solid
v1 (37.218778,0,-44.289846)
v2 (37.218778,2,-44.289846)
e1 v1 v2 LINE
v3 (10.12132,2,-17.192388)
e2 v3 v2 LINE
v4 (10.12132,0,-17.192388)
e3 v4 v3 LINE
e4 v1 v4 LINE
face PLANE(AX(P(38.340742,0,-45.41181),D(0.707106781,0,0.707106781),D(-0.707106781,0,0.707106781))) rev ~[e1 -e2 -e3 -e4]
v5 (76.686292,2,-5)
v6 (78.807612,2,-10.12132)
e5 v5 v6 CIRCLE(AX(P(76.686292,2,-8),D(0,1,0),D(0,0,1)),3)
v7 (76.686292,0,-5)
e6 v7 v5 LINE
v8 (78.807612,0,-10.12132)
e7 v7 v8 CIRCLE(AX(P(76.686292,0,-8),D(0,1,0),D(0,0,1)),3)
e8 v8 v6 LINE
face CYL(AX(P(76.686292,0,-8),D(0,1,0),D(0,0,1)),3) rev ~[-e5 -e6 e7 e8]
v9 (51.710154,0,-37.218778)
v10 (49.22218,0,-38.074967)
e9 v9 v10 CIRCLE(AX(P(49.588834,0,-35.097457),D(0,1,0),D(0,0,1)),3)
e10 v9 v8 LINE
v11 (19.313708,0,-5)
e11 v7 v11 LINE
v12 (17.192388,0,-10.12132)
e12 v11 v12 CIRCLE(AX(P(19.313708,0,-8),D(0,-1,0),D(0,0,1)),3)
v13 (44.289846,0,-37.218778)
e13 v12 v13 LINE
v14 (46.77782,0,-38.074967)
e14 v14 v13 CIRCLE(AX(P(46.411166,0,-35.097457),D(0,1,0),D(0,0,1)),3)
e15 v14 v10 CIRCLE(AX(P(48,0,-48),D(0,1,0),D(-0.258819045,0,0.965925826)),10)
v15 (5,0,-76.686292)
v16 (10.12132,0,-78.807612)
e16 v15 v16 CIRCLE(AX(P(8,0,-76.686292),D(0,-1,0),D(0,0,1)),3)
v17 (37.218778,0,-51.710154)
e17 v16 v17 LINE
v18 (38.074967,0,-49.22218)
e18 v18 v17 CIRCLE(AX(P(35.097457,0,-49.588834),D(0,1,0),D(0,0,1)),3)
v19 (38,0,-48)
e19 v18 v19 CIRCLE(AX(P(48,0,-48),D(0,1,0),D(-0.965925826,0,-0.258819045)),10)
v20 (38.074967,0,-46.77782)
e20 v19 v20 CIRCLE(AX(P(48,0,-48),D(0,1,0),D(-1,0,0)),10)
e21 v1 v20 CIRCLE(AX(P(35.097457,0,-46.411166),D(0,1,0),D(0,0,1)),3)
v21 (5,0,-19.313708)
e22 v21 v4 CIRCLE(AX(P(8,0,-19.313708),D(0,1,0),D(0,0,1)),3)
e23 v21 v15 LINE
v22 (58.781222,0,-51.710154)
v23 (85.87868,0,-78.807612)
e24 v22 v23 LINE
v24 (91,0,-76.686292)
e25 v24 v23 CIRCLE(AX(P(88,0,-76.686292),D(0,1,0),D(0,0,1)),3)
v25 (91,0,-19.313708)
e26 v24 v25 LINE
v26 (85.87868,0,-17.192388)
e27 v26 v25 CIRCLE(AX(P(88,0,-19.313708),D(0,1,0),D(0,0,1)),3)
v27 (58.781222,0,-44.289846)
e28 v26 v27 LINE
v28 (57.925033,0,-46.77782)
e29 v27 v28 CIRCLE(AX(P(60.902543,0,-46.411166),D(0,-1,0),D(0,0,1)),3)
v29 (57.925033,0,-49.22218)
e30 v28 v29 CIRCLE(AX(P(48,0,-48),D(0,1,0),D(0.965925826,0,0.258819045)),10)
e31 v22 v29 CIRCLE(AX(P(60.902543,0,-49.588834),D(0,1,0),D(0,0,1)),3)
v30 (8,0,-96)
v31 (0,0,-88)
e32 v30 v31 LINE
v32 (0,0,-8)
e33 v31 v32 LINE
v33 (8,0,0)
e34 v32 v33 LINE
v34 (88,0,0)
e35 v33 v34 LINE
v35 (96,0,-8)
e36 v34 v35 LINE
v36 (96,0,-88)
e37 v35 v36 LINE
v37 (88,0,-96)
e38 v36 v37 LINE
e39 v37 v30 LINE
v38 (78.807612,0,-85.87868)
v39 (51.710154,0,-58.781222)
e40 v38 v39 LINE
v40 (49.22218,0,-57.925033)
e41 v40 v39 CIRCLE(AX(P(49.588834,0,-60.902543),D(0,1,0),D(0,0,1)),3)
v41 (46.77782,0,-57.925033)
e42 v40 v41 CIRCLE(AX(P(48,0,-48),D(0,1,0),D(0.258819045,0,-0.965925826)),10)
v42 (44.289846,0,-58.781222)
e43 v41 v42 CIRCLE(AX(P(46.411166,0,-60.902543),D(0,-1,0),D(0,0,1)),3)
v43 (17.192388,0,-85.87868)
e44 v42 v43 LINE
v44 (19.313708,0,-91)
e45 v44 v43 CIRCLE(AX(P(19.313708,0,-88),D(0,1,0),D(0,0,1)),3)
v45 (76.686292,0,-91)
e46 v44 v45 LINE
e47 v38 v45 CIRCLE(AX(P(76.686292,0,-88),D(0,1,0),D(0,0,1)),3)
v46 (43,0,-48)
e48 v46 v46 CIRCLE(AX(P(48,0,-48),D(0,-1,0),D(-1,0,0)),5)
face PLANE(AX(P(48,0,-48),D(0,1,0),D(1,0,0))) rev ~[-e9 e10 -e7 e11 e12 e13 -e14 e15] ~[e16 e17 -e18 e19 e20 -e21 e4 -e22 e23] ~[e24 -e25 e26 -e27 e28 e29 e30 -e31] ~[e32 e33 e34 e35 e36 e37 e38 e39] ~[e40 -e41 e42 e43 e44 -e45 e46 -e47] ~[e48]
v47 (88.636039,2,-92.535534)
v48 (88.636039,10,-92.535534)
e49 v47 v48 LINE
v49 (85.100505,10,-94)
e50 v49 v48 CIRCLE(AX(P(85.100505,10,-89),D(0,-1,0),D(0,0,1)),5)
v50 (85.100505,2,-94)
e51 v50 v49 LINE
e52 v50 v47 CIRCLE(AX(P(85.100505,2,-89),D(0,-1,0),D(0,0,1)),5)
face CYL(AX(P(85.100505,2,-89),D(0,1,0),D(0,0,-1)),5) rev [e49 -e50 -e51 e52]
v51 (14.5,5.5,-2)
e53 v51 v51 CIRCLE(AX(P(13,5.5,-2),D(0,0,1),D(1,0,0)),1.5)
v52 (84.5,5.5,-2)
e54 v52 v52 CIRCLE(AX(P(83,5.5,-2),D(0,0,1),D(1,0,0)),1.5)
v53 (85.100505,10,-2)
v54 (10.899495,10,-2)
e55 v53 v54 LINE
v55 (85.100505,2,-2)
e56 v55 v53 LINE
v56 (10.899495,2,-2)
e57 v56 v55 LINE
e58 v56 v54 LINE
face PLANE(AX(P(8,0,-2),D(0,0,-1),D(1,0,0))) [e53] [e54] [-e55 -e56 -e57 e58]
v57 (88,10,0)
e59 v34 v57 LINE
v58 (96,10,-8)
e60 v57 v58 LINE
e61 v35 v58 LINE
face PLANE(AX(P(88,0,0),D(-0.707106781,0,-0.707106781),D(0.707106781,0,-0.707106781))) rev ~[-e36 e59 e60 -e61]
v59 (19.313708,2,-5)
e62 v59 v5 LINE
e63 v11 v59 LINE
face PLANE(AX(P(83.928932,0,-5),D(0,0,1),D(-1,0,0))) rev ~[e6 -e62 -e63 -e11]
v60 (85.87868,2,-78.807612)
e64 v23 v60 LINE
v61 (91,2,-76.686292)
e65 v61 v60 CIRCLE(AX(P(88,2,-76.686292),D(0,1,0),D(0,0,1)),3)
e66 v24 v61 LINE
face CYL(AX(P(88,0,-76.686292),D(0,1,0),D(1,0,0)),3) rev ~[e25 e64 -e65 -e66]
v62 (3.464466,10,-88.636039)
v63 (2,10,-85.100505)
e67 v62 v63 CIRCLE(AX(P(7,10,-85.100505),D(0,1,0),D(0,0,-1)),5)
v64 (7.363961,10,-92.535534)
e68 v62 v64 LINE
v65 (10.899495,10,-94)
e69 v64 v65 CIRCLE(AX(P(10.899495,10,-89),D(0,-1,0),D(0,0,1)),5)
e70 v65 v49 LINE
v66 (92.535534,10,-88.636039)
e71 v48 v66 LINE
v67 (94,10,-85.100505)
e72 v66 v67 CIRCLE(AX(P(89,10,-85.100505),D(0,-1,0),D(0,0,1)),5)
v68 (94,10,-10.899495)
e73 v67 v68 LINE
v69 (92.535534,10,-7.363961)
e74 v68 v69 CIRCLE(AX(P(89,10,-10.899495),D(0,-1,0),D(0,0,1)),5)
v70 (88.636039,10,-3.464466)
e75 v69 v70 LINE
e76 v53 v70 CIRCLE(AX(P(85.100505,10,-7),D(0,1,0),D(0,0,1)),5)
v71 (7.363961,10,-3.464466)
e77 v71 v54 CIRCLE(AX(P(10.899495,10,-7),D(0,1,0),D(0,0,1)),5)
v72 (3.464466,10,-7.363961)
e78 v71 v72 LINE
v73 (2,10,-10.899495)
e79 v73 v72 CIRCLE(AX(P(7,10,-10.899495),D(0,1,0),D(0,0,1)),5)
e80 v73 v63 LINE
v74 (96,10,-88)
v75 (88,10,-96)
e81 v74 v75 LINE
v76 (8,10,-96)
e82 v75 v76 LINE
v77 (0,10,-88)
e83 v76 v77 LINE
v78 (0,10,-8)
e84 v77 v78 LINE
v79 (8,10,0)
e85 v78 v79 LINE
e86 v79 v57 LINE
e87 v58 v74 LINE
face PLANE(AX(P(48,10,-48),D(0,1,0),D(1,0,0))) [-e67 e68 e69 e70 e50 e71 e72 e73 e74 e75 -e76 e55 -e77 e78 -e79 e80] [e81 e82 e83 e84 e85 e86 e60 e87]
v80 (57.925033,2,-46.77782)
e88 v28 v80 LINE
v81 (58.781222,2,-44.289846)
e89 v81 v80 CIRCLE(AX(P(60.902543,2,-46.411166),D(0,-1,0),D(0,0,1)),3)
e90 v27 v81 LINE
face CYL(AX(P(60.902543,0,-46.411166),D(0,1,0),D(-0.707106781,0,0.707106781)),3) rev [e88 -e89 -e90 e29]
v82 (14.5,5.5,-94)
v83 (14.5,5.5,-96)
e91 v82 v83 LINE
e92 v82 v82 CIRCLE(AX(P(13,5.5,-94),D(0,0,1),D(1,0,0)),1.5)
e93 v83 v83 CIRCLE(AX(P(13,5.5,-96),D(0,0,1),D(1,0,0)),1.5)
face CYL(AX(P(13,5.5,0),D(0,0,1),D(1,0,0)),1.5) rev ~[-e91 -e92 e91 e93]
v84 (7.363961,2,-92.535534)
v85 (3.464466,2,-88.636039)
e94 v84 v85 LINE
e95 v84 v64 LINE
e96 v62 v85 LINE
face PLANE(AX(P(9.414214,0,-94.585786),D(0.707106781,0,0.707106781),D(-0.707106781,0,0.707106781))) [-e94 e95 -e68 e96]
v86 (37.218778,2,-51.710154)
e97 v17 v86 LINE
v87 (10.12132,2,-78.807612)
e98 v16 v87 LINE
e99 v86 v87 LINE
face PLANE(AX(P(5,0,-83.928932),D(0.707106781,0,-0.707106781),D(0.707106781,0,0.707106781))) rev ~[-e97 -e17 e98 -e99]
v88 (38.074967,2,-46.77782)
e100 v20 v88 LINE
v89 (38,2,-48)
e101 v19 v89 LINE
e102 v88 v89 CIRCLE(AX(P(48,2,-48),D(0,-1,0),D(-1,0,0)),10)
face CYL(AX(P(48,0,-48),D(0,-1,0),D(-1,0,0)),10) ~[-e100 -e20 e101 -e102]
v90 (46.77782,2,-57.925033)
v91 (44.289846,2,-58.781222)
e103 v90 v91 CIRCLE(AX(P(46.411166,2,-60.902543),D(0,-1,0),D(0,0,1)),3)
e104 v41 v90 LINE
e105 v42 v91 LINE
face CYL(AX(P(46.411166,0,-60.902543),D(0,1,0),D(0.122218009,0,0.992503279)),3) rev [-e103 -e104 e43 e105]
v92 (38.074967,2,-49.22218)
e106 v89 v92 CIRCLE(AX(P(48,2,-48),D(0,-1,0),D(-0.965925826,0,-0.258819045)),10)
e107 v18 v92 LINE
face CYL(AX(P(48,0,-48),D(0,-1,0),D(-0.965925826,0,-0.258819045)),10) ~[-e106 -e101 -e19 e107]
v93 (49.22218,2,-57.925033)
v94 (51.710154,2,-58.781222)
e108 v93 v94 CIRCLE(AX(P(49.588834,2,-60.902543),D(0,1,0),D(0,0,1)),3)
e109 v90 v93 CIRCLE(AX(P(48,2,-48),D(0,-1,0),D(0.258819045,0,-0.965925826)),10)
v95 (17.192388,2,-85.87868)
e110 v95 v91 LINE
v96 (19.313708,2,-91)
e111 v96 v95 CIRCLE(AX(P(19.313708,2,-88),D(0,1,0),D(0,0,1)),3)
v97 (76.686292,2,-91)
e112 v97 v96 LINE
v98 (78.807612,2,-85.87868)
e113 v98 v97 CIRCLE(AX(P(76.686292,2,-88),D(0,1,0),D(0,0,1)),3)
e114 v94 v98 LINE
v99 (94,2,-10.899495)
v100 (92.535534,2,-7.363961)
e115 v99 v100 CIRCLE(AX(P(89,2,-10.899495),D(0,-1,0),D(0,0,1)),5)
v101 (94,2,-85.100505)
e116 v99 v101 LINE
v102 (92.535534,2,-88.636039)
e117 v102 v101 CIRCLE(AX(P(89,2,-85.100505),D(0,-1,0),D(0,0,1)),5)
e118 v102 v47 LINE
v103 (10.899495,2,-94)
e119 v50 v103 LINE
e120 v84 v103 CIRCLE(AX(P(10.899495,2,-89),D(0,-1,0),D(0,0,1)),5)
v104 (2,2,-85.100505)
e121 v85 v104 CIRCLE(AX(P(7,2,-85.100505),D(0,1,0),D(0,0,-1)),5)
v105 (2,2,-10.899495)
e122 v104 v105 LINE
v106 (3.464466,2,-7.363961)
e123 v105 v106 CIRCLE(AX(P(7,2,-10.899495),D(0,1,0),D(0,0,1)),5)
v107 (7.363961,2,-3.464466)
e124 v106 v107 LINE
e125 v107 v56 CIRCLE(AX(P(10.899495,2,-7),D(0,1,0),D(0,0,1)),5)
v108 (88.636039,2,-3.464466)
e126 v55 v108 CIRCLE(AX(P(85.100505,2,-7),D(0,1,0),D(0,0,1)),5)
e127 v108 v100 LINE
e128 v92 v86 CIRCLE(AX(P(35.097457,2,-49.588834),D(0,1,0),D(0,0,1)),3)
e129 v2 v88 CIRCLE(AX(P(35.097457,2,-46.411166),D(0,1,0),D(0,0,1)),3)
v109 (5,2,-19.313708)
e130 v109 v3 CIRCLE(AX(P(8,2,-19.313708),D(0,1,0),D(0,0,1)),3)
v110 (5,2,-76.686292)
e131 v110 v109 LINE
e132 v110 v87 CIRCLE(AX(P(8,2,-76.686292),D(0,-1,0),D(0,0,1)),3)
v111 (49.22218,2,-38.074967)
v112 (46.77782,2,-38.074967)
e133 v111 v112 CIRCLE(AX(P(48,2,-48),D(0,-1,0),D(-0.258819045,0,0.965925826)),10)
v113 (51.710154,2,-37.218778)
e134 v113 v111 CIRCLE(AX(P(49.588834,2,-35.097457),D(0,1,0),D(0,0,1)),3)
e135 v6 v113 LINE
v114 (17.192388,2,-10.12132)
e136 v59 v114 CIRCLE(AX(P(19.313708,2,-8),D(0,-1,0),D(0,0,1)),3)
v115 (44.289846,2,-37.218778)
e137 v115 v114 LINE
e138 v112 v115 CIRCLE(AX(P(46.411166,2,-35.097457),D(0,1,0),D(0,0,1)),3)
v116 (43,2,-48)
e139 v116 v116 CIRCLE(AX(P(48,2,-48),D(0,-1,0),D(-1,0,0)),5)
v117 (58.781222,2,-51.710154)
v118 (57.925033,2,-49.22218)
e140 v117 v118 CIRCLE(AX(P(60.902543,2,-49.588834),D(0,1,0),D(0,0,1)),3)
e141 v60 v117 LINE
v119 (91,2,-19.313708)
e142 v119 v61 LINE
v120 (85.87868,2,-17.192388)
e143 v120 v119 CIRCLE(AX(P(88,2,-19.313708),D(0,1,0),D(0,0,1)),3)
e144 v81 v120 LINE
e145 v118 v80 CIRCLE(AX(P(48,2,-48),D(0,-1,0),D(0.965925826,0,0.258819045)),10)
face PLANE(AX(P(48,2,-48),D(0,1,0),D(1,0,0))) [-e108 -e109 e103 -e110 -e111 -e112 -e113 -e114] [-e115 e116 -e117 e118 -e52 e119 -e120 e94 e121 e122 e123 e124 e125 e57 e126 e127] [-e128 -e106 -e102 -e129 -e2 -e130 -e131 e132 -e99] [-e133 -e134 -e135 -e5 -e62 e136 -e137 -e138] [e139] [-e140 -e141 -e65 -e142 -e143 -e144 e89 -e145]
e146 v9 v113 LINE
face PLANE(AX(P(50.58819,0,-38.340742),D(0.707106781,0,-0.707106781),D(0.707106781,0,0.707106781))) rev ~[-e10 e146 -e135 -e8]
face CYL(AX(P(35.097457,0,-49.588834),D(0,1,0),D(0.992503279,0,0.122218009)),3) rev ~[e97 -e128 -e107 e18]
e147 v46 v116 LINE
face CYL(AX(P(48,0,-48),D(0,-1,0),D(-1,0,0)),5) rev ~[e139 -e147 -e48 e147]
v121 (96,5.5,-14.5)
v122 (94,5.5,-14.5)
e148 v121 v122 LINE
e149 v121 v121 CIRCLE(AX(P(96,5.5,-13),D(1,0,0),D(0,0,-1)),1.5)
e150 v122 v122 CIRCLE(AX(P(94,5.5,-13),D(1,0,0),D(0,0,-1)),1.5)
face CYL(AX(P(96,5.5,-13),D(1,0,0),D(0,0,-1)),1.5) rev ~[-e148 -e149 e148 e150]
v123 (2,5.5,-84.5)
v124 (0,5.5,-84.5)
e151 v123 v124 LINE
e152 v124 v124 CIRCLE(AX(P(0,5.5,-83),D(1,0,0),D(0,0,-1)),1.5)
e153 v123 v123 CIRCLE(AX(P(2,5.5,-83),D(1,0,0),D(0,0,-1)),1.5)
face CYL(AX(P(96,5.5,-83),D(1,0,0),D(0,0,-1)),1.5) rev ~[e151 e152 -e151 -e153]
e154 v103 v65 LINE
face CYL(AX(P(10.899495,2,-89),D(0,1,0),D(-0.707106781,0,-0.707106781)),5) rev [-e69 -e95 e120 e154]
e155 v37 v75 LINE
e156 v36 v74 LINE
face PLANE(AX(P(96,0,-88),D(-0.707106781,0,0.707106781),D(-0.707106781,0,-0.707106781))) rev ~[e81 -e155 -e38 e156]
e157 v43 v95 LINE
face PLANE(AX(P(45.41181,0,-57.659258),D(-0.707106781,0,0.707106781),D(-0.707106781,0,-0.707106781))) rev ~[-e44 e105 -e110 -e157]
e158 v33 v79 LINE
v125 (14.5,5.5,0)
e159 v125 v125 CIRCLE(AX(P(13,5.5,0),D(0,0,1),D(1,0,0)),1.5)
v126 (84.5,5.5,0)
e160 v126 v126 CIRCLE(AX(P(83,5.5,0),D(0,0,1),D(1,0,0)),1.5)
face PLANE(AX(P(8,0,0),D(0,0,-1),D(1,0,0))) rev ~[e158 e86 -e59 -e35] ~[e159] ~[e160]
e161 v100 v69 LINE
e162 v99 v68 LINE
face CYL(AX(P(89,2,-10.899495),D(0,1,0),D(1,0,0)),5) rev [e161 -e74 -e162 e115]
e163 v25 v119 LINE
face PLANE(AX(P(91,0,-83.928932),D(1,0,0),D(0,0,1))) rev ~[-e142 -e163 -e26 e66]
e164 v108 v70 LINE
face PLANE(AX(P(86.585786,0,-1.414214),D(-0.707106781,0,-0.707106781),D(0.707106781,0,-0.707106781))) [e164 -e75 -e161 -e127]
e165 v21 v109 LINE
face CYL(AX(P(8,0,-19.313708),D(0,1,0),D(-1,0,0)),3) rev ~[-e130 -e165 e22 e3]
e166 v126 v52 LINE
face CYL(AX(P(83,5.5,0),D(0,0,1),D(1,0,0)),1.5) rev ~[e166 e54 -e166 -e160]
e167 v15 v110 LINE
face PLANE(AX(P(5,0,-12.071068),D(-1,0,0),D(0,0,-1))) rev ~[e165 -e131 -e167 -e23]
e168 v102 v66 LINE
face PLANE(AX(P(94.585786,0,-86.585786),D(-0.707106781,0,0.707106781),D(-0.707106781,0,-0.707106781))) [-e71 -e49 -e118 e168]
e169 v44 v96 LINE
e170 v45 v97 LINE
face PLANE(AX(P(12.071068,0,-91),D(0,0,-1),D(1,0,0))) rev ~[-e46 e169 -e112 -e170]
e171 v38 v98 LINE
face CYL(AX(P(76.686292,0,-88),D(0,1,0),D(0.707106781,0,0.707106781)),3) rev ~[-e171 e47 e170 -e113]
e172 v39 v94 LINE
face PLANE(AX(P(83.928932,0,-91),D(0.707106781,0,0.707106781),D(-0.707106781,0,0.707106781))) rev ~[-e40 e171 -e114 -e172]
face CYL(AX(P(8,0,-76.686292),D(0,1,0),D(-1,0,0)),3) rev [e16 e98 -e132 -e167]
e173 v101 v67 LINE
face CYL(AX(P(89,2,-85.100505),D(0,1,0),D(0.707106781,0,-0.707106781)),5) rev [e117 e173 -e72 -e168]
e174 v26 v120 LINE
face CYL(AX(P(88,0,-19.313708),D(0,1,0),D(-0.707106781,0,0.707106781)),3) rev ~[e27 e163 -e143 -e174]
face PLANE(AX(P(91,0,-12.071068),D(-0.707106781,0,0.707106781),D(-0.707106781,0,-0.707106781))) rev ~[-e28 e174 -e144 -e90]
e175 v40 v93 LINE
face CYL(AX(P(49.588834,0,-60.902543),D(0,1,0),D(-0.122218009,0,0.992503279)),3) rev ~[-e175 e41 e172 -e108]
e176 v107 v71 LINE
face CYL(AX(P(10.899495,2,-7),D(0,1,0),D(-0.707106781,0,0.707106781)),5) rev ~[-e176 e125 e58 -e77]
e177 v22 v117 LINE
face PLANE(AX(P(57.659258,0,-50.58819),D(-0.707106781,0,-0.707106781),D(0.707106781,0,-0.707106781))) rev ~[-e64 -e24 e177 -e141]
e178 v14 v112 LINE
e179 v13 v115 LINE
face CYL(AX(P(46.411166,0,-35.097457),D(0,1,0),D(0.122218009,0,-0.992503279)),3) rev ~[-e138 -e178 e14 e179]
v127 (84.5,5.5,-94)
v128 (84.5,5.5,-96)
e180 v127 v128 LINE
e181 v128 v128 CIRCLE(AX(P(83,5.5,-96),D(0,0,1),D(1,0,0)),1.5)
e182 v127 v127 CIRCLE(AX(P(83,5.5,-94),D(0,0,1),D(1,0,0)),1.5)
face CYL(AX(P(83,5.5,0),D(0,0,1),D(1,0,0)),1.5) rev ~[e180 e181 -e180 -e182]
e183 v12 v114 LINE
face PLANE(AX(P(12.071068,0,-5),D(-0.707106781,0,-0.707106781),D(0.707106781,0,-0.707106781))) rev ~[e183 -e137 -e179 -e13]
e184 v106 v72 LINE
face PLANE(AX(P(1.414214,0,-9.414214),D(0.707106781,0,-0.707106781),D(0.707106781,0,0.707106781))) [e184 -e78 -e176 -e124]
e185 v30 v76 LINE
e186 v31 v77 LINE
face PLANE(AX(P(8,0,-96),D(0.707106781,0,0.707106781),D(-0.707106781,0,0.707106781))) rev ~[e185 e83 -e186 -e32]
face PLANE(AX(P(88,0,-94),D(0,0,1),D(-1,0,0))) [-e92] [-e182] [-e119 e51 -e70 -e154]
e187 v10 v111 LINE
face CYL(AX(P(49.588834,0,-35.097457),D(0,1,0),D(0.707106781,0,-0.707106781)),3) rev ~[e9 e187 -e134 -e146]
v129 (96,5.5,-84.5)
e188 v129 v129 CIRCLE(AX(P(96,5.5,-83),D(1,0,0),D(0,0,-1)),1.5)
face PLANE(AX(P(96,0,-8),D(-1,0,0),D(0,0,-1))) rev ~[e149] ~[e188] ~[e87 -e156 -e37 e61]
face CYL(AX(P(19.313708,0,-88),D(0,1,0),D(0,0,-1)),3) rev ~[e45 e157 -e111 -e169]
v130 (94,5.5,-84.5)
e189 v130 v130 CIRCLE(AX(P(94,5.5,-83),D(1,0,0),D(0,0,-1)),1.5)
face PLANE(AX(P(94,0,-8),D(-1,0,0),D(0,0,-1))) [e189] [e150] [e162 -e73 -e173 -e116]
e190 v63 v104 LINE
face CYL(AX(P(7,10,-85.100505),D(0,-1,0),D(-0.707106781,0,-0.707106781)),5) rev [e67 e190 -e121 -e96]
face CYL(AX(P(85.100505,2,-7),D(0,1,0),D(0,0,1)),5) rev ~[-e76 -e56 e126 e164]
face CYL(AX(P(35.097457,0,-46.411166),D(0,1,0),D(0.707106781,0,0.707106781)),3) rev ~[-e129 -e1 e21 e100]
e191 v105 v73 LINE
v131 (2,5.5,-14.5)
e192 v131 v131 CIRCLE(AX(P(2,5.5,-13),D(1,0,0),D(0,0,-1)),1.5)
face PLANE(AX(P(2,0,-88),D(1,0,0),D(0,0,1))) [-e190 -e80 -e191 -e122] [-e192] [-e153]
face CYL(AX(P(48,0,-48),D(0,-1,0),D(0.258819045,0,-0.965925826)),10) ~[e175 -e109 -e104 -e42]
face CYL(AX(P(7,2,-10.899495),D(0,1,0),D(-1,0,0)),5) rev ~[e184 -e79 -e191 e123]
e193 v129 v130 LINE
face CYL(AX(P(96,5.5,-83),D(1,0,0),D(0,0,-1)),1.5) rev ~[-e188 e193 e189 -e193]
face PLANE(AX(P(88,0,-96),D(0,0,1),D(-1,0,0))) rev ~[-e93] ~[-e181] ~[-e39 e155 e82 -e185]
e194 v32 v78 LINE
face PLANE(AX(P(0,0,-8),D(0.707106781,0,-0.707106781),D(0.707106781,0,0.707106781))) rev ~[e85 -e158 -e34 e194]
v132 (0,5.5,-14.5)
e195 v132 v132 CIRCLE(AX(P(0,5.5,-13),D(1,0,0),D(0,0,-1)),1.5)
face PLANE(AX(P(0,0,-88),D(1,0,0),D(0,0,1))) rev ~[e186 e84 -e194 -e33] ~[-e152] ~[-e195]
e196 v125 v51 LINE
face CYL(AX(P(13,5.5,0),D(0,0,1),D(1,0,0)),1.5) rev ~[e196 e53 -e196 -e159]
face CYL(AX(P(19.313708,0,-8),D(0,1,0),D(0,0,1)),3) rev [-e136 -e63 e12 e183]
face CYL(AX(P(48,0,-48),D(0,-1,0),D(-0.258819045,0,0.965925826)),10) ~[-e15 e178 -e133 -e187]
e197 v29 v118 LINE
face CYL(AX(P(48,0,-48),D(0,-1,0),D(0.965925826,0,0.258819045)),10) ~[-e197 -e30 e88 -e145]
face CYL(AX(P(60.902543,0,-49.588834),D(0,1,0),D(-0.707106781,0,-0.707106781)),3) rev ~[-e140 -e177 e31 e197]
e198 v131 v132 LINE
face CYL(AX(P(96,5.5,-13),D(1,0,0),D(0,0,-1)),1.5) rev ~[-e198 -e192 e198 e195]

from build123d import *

# Parameters (mm, degrees)
BOSS_EXTRUDE1_DEPTH = 10
SHELL1_T            = -2
SKETCH2_R           = 5
CUT_EXTRUDE1_DEPTH  = 11
FILLET1_R           = 3
SKETCH3_R           = 1.5
CUT_EXTRUDE2_DEPTH  = 97
SKETCH4_R           = 1.5
CUT_EXTRUDE3_DEPTH  = 97
FILLET2_R           = 5


with BuildPart() as part:
    # Sketch1 → Boss-Extrude1 (new body)
    with BuildSketch(Plane(origin=(0, 0, 0), x_dir=(1, 0, 0), z_dir=(0, 1, 0))):
        Polygon((0, 88), (0, 8), (8, 0), (88, 0), (96, 8), (96, 88), (88, 96), (8, 96), align=None)
    extrude(amount=BOSS_EXTRUDE1_DEPTH)

    # Shell1
    shell1_openings = [part.faces().sort_by_distance(p)[0] for p in [
        (48, 10, -48),
    ]]
    offset(amount=SHELL1_T, openings=shell1_openings, kind=Kind.INTERSECTION)

    # Sketch2 → Cut-Extrude1 (cut, through all)
    with BuildSketch(Plane(origin=(0, 0, 0), x_dir=(-1, 0, 0), z_dir=(0, -1, 0))):
        with BuildLine():
            Line((-45.411809549, 57.659258263), (-12.071067812, 91))
            Line((-12.071067812, 91), (-83.928932188, 91))
            Line((-83.928932188, 91), (-50.588190451, 57.659258263))
            ThreePointArc((-50.588190451, 57.659258263), (-48, 58), (-45.411809549, 57.659258263))
        make_face()
        with BuildLine():
            Line((-5, 83.928932188), (-38.340741737, 50.588190451))
            ThreePointArc((-38.340741737, 50.588190451), (-38.085551386, 49.305261922), (-38, 48))
            ThreePointArc((-38, 48), (-38.085551386, 46.694738078), (-38.340741737, 45.411809549))
            Line((-38.340741737, 45.411809549), (-5, 12.071067812))
            Line((-5, 12.071067812), (-5, 83.928932188))
        make_face()
        with BuildLine():
            Line((-12.071067812, 5), (-45.411809549, 38.340741737))
            ThreePointArc((-45.411809549, 38.340741737), (-48, 38), (-50.588190451, 38.340741737))
            Line((-50.588190451, 38.340741737), (-83.928932188, 5))
            Line((-83.928932188, 5), (-12.071067812, 5))
        make_face()
        with BuildLine():
            ThreePointArc((-57.659258263, 45.411809549), (-58, 48), (-57.659258263, 50.588190451))
            Line((-57.659258263, 50.588190451), (-91, 83.928932188))
            Line((-91, 83.928932188), (-91, 12.071067812))
            Line((-91, 12.071067812), (-57.659258263, 45.411809549))
        make_face()
        with Locations((-48, 48)):
            Circle(SKETCH2_R)
    extrude(amount=-CUT_EXTRUDE1_DEPTH, mode=Mode.SUBTRACT)

    # Fillet1
    fillet1_edges = [part.edges().sort_by_distance(p)[0] for p in [
        (50.588190451, 1, -38.340741737),
        (45.411809549, 1, -38.340741737),
        (12.071067812, 1, -5),
        (83.928932188, 1, -5),
        (38.340741737, 1, -45.411809549),
        (38.340741737, 1, -50.588190451),
        (5, 1, -83.928932188),
        (5, 1, -12.071067812),
        (57.659258263, 1, -50.588190451),
        (57.659258263, 1, -45.411809549),
        (91, 1, -12.071067812),
        (91, 1, -83.928932188),
        (45.411809549, 1, -57.659258263),
        (50.588190451, 1, -57.659258263),
        (83.928932188, 1, -91),
        (12.071067812, 1, -91),
    ]]
    fillet(fillet1_edges, radius=FILLET1_R)

    # Sketch3 → Cut-Extrude2 (cut, through all)
    with BuildSketch(Plane(origin=(96, 0, 0), x_dir=(0, 0, -1), z_dir=(1, 0, 0))):
        with Locations((83, 5.5)):
            Circle(SKETCH3_R)
        with Locations((13, 5.5)):
            Circle(SKETCH3_R)
    extrude(amount=-CUT_EXTRUDE2_DEPTH, mode=Mode.SUBTRACT)

    # Sketch4 → Cut-Extrude3 (cut, through all)
    with BuildSketch(Plane.XY):
        with Locations((83, 5.5)):
            Circle(SKETCH4_R)
        with Locations((13, 5.5)):
            Circle(SKETCH4_R)
    extrude(amount=-CUT_EXTRUDE3_DEPTH, mode=Mode.SUBTRACT)

    # Fillet2
    fillet2_edges = [part.edges().sort_by_distance(p)[0] for p in [
        (8.828427125, 6, -94),
        (2, 6, -87.171572875),
        (2, 6, -8.828427125),
        (8.828427125, 6, -2),
        (87.171572875, 6, -2),
        (94, 6, -8.828427125),
        (94, 6, -87.171572875),
        (87.171572875, 6, -94),
    ]]
    fillet(fillet2_edges, radius=FILLET2_R)


solid = part.part
